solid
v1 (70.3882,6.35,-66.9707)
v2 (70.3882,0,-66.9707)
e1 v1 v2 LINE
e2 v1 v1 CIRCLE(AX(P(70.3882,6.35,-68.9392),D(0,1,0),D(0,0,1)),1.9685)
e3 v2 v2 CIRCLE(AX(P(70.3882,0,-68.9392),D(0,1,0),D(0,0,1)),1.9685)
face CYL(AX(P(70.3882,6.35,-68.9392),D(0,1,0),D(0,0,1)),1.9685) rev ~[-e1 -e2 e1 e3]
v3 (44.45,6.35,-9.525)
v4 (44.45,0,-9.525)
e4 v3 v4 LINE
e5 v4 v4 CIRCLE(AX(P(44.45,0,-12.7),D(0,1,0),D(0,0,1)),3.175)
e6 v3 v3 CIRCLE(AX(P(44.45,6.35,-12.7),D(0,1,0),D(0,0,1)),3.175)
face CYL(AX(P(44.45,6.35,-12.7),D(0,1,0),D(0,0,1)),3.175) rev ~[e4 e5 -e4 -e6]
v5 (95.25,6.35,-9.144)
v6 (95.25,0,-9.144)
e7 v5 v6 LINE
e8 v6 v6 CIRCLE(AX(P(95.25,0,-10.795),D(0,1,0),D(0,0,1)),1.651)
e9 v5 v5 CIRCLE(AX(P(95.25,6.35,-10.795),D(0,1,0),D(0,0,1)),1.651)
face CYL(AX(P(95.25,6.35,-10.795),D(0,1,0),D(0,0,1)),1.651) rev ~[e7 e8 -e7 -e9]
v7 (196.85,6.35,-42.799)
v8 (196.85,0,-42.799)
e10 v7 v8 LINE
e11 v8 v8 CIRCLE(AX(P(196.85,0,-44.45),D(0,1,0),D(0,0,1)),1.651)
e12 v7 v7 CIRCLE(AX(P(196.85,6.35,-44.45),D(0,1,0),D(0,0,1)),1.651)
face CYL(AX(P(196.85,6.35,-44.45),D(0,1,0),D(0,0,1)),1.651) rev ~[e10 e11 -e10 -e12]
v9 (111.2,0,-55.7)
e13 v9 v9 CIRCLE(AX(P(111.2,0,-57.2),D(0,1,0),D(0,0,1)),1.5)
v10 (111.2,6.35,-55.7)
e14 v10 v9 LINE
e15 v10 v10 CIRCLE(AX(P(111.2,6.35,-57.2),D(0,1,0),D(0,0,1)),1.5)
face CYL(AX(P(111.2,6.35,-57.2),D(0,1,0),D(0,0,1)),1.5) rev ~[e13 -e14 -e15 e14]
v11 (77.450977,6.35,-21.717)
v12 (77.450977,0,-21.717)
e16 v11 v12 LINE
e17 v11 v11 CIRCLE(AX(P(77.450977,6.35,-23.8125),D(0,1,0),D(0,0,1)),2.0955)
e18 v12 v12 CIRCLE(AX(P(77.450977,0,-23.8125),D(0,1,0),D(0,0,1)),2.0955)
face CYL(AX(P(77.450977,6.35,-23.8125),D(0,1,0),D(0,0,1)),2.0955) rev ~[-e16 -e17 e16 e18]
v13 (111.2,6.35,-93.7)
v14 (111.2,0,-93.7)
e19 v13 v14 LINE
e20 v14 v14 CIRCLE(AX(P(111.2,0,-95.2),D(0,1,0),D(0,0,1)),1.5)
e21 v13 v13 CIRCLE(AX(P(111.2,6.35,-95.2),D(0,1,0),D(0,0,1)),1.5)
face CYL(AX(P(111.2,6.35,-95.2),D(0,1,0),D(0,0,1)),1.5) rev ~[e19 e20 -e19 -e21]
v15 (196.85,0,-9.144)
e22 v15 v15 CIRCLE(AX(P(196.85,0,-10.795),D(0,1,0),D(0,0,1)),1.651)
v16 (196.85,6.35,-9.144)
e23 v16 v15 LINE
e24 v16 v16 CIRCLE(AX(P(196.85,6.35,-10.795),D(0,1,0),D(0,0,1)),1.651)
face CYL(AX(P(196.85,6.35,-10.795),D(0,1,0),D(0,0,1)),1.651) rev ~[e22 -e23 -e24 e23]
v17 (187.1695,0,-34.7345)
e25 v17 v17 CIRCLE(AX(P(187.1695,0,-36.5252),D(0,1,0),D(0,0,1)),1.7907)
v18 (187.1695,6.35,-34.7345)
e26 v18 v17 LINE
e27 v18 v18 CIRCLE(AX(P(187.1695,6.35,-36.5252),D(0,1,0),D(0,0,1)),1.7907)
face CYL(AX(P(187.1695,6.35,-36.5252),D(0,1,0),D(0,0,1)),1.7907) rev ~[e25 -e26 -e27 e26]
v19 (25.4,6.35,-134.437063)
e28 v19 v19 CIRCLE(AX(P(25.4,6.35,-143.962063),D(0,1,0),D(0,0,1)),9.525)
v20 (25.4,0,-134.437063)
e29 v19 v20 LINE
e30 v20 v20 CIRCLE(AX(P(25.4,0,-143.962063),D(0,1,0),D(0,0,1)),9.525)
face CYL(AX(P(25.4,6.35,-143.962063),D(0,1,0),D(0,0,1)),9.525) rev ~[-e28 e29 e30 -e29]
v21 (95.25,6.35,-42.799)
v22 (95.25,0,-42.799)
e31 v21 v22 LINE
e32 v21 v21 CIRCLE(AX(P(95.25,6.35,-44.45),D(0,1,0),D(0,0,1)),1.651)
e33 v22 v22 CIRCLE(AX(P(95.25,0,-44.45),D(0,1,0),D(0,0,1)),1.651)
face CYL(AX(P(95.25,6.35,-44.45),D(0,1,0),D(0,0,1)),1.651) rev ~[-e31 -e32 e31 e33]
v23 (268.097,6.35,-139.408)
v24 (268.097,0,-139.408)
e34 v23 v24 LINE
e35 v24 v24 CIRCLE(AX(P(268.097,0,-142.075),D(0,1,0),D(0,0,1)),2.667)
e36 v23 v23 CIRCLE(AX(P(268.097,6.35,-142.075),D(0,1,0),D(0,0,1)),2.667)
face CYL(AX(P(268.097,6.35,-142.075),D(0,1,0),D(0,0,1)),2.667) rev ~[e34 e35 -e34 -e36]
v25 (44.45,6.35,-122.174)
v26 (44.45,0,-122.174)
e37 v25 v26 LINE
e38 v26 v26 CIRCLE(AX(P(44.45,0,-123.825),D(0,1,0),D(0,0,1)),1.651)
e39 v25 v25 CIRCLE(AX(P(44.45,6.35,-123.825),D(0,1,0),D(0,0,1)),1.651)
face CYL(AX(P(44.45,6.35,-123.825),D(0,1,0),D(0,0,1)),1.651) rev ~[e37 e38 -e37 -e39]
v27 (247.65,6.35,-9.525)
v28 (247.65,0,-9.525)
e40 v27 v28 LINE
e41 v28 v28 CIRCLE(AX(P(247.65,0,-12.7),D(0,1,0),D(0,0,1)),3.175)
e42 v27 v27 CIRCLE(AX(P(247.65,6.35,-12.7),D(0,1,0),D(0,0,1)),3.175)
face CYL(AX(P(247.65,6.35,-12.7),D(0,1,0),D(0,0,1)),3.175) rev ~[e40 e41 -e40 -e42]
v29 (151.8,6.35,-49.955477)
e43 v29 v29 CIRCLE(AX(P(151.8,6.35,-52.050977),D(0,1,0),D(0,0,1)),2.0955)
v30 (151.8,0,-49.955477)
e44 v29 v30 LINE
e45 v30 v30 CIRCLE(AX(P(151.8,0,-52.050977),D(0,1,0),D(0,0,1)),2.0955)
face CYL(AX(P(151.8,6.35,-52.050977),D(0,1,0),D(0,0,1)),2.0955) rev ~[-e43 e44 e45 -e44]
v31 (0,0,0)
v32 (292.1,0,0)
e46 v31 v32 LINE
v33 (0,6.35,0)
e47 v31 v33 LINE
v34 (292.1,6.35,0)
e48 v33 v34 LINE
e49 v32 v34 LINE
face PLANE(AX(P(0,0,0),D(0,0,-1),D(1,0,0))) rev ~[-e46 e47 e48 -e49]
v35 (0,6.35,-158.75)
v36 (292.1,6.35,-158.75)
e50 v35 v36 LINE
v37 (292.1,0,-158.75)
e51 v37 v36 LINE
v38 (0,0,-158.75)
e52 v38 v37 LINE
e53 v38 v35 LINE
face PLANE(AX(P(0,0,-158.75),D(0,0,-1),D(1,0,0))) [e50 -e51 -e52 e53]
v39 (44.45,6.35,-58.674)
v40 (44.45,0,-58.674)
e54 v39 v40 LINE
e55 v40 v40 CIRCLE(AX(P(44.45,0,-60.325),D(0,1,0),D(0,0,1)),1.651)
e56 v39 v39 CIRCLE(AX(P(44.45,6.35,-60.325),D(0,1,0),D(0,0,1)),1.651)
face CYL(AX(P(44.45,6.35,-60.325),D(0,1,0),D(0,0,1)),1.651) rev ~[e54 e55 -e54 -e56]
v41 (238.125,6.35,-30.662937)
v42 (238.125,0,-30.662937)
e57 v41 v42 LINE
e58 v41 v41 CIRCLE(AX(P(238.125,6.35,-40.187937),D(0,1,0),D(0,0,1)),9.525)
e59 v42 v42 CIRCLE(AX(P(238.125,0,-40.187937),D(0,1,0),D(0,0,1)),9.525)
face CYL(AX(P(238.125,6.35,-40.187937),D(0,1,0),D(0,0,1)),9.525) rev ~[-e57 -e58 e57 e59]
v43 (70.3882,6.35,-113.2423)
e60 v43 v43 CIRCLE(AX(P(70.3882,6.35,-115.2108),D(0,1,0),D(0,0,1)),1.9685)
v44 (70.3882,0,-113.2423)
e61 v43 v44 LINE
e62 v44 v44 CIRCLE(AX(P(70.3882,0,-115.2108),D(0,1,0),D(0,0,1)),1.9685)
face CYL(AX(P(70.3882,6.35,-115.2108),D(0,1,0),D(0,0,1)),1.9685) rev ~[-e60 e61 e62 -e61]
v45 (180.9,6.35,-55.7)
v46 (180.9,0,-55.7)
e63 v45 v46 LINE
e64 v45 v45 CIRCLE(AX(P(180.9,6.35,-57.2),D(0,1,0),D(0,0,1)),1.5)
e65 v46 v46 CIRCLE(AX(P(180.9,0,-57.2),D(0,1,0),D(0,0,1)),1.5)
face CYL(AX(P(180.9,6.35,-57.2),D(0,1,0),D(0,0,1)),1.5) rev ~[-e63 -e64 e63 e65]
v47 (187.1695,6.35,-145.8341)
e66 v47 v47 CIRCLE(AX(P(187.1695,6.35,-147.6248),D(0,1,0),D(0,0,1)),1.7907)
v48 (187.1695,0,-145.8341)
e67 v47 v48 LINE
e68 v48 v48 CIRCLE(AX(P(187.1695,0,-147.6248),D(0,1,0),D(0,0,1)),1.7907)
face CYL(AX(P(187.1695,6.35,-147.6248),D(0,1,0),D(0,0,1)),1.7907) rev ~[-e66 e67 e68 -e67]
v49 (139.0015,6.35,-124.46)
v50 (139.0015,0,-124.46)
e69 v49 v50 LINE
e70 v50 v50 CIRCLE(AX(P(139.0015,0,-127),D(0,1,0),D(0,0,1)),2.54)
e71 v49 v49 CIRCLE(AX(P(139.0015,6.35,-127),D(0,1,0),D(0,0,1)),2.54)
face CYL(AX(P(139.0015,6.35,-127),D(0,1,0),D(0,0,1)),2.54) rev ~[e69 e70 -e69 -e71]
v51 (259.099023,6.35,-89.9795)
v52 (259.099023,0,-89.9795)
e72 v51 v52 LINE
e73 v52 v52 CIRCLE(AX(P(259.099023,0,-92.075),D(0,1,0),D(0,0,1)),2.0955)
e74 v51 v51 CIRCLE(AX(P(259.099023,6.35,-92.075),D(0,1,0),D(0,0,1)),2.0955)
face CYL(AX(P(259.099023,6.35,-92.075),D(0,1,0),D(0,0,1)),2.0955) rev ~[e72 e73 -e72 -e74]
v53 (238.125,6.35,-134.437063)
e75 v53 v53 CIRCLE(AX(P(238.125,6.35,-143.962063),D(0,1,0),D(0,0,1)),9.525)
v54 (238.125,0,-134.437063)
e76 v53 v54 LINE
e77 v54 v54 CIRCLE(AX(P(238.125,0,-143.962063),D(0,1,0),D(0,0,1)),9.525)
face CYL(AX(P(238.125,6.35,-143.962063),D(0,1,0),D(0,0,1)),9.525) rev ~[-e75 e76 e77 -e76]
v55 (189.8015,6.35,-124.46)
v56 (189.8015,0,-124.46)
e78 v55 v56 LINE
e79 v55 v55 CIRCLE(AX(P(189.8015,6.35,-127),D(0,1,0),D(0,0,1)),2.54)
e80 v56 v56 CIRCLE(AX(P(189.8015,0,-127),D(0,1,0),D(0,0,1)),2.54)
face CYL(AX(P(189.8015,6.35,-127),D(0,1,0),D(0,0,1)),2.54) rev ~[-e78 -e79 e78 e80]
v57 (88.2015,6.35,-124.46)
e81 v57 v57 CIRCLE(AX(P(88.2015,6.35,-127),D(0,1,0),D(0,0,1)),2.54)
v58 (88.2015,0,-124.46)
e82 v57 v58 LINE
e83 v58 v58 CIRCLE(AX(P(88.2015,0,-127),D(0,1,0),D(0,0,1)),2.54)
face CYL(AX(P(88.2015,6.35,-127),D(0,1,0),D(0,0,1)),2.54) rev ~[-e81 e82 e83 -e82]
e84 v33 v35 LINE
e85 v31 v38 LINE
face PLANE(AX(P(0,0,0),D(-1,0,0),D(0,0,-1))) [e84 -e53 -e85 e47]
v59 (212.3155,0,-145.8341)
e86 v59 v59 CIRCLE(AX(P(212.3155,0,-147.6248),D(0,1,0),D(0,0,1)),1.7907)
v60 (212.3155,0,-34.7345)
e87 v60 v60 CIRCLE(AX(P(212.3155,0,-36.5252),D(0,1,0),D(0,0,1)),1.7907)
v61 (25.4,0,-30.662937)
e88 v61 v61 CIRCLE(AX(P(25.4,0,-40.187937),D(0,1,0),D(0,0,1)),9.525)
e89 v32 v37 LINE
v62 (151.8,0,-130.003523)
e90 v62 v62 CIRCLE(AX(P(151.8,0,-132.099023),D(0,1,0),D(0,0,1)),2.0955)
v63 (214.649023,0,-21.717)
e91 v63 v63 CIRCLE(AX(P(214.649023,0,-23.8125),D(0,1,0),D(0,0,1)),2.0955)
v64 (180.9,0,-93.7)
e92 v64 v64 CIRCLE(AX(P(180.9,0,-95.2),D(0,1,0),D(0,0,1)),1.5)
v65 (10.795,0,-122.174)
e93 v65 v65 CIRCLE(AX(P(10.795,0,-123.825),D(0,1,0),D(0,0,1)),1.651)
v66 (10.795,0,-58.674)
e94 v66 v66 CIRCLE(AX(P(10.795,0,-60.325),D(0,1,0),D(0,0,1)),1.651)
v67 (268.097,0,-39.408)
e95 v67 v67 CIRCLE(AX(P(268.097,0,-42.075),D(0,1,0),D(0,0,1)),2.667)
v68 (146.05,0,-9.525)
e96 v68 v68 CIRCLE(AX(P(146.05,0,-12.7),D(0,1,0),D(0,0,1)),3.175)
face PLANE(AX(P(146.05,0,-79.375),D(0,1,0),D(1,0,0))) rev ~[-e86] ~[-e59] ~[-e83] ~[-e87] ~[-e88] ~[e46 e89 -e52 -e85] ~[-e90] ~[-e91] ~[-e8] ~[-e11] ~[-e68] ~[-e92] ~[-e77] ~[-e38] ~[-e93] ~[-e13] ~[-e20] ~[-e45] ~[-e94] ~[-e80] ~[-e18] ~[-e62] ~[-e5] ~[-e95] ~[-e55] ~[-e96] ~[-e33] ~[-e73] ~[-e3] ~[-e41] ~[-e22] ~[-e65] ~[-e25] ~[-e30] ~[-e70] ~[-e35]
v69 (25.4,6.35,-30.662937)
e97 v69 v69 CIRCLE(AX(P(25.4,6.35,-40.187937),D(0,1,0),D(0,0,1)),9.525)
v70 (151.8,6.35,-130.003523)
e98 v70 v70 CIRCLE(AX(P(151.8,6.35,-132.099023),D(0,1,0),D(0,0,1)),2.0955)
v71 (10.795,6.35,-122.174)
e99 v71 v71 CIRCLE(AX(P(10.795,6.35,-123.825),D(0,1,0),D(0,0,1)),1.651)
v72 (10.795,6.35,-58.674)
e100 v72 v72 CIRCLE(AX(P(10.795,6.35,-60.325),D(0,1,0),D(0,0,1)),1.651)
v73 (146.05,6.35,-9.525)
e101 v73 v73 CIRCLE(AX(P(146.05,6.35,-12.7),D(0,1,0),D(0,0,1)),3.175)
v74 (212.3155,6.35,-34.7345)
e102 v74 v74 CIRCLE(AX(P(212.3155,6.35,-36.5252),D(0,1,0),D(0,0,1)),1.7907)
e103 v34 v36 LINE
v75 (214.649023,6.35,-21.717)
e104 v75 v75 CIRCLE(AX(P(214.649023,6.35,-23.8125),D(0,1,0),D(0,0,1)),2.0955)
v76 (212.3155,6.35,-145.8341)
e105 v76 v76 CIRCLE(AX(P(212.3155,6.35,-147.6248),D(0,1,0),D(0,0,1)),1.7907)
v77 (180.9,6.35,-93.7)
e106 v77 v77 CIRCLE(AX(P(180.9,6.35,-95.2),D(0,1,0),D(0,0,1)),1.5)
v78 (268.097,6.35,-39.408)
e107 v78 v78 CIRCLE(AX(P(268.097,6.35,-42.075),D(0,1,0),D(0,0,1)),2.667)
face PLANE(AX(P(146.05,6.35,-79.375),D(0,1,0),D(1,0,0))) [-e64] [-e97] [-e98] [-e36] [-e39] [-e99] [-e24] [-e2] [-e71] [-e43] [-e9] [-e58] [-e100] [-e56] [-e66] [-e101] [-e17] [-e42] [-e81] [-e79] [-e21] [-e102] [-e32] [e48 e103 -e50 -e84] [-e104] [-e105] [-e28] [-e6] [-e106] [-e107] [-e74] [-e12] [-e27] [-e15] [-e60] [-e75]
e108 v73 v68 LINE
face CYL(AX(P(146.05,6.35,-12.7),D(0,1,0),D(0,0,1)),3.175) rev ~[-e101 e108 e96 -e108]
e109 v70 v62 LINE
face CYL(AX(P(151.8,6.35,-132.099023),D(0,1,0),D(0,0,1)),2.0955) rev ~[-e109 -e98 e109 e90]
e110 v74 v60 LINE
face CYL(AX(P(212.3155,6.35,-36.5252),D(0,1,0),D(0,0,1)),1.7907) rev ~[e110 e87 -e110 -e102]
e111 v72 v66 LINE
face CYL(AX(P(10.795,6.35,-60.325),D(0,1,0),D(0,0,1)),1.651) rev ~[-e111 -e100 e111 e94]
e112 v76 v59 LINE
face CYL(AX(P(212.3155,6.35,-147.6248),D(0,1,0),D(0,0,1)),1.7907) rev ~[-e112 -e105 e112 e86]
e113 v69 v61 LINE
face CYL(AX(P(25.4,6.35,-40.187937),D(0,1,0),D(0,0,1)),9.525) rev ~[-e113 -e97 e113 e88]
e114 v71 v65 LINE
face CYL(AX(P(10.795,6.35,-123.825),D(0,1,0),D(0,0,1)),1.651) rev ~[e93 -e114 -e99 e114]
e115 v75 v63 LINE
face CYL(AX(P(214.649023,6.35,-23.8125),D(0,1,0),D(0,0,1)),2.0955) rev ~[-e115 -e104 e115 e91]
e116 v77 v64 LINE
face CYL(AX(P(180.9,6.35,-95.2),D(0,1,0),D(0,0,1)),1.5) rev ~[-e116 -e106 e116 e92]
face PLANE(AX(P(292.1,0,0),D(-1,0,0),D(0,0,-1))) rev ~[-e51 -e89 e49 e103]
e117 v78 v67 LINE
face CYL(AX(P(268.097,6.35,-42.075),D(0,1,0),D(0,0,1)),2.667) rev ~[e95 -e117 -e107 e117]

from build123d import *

# Parameters (mm, degrees)
SKETCH1_W           = 292.1
SKETCH1_H           = 158.75
BOSS_EXTRUDE1_DEPTH = 6.35
SKETCH2_R           = 3.175
CUT_EXTRUDE2_DEPTH  = 6.35
SKETCH6_R           = 9.525
CUT_EXTRUDE3_DEPTH  = 333.512097524
SKETCH8_R           = 2.667
SKETCH8_R_2         = 2.54
SKETCH8_R_3         = 1.5
SKETCH8_R_4         = 1.651
SKETCH8_R_5         = 2.0955
SKETCH8_R_6         = 1.7907
SKETCH8_R_7         = 1.9685
CUT_EXTRUDE4_DEPTH  = 333.512097524


with BuildPart() as part:
    # Sketch1 → Boss-Extrude1 (new body)
    with BuildSketch(Plane(origin=(0, 0, 0), x_dir=(1, 0, 0), z_dir=(0, 1, 0))):
        with Locations((146.05, 79.375)):
            Rectangle(SKETCH1_W, SKETCH1_H)
    extrude(amount=BOSS_EXTRUDE1_DEPTH)

    # Sketch2 → Cut-Extrude2 (cut)
    with BuildSketch(Plane(origin=(0, 6.35, 0), x_dir=(1, 0, 0), z_dir=(0, 1, 0))):
        with Locations(Location((146.05, 12.7, 0), (0, 0, 270))):
            Circle(SKETCH2_R)
        with Locations(Location((247.65, 12.7, 0), (0, 0, 270))):
            Circle(SKETCH2_R)
        with Locations(Location((44.45, 12.7, 0), (0, 0, 270))):
            Circle(SKETCH2_R)
    extrude(amount=-CUT_EXTRUDE2_DEPTH, mode=Mode.SUBTRACT)

    # Sketch6 → Cut-Extrude3 (cut, through all)
    with BuildSketch(Plane(origin=(0, 6.35, 0), x_dir=(1, 0, 0), z_dir=(0, 1, 0))):
        with Locations(Location((25.4, 40.187936889, 0), (0, 0, 270))):
            Circle(SKETCH6_R)
        with Locations(Location((238.125, 40.187936889, 0), (0, 0, 270))):
            Circle(SKETCH6_R)
        with Locations(Location((25.4, 143.962063111, 0), (0, 0, 270))):
            Circle(SKETCH6_R)
        with Locations(Location((238.125, 143.962063111, 0), (0, 0, 270))):
            Circle(SKETCH6_R)
    extrude(amount=-CUT_EXTRUDE3_DEPTH, mode=Mode.SUBTRACT)

    # Sketch8 → Cut-Extrude4 (cut, through all)
    with BuildSketch(Plane(origin=(0, 6.35, 0), x_dir=(1, 0, 0), z_dir=(0, 1, 0))):
        with Locations(Location((268.097, 42.075, 0), (0, 0, 270))):
            Circle(SKETCH8_R)
        with Locations(Location((268.097, 142.075, 0), (0, 0, 270))):
            Circle(SKETCH8_R)
        with Locations(Location((189.8015, 127, 0), (0, 0, 270))):
            Circle(SKETCH8_R_2)
        with Locations(Location((139.0015, 127, 0), (0, 0, 270))):
            Circle(SKETCH8_R_2)
        with Locations(Location((88.2015, 127, 0), (0, 0, 270))):
            Circle(SKETCH8_R_2)
        with Locations(Location((111.2, 57.2, 0), (0, 0, 270))):
            Circle(SKETCH8_R_3)
        with Locations(Location((180.9, 57.2, 0), (0, 0, 270))):
            Circle(SKETCH8_R_3)
        with Locations(Location((180.9, 95.2, 0), (0, 0, 270))):
            Circle(SKETCH8_R_3)
        with Locations(Location((111.2, 95.2, 0), (0, 0, 270))):
            Circle(SKETCH8_R_3)
        with Locations(Location((95.25, 10.795, 0), (0, 0, 270))):
            Circle(SKETCH8_R_4)
        with Locations(Location((196.85, 10.795, 0), (0, 0, 270))):
            Circle(SKETCH8_R_4)
        with Locations(Location((196.85, 44.45, 0), (0, 0, 270))):
            Circle(SKETCH8_R_4)
        with Locations(Location((95.25, 44.45, 0), (0, 0, 270))):
            Circle(SKETCH8_R_4)
        with Locations(Location((10.795, 123.825, 0), (0, 0, 270))):
            Circle(SKETCH8_R_4)
        with Locations(Location((10.795, 60.325, 0), (0, 0, 270))):
            Circle(SKETCH8_R_4)
        with Locations(Location((44.45, 60.325, 0), (0, 0, 270))):
            Circle(SKETCH8_R_4)
        with Locations(Location((44.45, 123.825, 0), (0, 0, 270))):
            Circle(SKETCH8_R_4)
        with Locations(Location((77.450977137, 23.8125, 0), (0, 0, 270))):
            Circle(SKETCH8_R_5)
        with Locations(Location((151.8, 132.099022863, 0), (0, 0, 270))):
            Circle(SKETCH8_R_5)
        with Locations(Location((214.649022863, 23.8125, 0), (0, 0, 270))):
            Circle(SKETCH8_R_5)
        with Locations(Location((151.8, 52.050977137, 0), (0, 0, 270))):
            Circle(SKETCH8_R_5)
        with Locations(Location((259.099022863, 92.075, 0), (0, 0, 270))):
            Circle(SKETCH8_R_5)
        with Locations(Location((187.1695, 36.5252, 0), (0, 0, 270))):
            Circle(SKETCH8_R_6)
        with Locations(Location((212.3155, 36.5252, 0), (0, 0, 270))):
            Circle(SKETCH8_R_6)
        with Locations(Location((212.3155, 147.6248, 0), (0, 0, 270))):
            Circle(SKETCH8_R_6)
        with Locations(Location((187.1695, 147.6248, 0), (0, 0, 270))):
            Circle(SKETCH8_R_6)
        with Locations(Location((70.3882, 115.2108, 0), (0, 0, 270))):
            Circle(SKETCH8_R_7)
        with Locations(Location((70.3882, 68.9392, 0), (0, 0, 270))):
            Circle(SKETCH8_R_7)
    extrude(amount=-CUT_EXTRUDE4_DEPTH, mode=Mode.SUBTRACT)


solid = part.part
